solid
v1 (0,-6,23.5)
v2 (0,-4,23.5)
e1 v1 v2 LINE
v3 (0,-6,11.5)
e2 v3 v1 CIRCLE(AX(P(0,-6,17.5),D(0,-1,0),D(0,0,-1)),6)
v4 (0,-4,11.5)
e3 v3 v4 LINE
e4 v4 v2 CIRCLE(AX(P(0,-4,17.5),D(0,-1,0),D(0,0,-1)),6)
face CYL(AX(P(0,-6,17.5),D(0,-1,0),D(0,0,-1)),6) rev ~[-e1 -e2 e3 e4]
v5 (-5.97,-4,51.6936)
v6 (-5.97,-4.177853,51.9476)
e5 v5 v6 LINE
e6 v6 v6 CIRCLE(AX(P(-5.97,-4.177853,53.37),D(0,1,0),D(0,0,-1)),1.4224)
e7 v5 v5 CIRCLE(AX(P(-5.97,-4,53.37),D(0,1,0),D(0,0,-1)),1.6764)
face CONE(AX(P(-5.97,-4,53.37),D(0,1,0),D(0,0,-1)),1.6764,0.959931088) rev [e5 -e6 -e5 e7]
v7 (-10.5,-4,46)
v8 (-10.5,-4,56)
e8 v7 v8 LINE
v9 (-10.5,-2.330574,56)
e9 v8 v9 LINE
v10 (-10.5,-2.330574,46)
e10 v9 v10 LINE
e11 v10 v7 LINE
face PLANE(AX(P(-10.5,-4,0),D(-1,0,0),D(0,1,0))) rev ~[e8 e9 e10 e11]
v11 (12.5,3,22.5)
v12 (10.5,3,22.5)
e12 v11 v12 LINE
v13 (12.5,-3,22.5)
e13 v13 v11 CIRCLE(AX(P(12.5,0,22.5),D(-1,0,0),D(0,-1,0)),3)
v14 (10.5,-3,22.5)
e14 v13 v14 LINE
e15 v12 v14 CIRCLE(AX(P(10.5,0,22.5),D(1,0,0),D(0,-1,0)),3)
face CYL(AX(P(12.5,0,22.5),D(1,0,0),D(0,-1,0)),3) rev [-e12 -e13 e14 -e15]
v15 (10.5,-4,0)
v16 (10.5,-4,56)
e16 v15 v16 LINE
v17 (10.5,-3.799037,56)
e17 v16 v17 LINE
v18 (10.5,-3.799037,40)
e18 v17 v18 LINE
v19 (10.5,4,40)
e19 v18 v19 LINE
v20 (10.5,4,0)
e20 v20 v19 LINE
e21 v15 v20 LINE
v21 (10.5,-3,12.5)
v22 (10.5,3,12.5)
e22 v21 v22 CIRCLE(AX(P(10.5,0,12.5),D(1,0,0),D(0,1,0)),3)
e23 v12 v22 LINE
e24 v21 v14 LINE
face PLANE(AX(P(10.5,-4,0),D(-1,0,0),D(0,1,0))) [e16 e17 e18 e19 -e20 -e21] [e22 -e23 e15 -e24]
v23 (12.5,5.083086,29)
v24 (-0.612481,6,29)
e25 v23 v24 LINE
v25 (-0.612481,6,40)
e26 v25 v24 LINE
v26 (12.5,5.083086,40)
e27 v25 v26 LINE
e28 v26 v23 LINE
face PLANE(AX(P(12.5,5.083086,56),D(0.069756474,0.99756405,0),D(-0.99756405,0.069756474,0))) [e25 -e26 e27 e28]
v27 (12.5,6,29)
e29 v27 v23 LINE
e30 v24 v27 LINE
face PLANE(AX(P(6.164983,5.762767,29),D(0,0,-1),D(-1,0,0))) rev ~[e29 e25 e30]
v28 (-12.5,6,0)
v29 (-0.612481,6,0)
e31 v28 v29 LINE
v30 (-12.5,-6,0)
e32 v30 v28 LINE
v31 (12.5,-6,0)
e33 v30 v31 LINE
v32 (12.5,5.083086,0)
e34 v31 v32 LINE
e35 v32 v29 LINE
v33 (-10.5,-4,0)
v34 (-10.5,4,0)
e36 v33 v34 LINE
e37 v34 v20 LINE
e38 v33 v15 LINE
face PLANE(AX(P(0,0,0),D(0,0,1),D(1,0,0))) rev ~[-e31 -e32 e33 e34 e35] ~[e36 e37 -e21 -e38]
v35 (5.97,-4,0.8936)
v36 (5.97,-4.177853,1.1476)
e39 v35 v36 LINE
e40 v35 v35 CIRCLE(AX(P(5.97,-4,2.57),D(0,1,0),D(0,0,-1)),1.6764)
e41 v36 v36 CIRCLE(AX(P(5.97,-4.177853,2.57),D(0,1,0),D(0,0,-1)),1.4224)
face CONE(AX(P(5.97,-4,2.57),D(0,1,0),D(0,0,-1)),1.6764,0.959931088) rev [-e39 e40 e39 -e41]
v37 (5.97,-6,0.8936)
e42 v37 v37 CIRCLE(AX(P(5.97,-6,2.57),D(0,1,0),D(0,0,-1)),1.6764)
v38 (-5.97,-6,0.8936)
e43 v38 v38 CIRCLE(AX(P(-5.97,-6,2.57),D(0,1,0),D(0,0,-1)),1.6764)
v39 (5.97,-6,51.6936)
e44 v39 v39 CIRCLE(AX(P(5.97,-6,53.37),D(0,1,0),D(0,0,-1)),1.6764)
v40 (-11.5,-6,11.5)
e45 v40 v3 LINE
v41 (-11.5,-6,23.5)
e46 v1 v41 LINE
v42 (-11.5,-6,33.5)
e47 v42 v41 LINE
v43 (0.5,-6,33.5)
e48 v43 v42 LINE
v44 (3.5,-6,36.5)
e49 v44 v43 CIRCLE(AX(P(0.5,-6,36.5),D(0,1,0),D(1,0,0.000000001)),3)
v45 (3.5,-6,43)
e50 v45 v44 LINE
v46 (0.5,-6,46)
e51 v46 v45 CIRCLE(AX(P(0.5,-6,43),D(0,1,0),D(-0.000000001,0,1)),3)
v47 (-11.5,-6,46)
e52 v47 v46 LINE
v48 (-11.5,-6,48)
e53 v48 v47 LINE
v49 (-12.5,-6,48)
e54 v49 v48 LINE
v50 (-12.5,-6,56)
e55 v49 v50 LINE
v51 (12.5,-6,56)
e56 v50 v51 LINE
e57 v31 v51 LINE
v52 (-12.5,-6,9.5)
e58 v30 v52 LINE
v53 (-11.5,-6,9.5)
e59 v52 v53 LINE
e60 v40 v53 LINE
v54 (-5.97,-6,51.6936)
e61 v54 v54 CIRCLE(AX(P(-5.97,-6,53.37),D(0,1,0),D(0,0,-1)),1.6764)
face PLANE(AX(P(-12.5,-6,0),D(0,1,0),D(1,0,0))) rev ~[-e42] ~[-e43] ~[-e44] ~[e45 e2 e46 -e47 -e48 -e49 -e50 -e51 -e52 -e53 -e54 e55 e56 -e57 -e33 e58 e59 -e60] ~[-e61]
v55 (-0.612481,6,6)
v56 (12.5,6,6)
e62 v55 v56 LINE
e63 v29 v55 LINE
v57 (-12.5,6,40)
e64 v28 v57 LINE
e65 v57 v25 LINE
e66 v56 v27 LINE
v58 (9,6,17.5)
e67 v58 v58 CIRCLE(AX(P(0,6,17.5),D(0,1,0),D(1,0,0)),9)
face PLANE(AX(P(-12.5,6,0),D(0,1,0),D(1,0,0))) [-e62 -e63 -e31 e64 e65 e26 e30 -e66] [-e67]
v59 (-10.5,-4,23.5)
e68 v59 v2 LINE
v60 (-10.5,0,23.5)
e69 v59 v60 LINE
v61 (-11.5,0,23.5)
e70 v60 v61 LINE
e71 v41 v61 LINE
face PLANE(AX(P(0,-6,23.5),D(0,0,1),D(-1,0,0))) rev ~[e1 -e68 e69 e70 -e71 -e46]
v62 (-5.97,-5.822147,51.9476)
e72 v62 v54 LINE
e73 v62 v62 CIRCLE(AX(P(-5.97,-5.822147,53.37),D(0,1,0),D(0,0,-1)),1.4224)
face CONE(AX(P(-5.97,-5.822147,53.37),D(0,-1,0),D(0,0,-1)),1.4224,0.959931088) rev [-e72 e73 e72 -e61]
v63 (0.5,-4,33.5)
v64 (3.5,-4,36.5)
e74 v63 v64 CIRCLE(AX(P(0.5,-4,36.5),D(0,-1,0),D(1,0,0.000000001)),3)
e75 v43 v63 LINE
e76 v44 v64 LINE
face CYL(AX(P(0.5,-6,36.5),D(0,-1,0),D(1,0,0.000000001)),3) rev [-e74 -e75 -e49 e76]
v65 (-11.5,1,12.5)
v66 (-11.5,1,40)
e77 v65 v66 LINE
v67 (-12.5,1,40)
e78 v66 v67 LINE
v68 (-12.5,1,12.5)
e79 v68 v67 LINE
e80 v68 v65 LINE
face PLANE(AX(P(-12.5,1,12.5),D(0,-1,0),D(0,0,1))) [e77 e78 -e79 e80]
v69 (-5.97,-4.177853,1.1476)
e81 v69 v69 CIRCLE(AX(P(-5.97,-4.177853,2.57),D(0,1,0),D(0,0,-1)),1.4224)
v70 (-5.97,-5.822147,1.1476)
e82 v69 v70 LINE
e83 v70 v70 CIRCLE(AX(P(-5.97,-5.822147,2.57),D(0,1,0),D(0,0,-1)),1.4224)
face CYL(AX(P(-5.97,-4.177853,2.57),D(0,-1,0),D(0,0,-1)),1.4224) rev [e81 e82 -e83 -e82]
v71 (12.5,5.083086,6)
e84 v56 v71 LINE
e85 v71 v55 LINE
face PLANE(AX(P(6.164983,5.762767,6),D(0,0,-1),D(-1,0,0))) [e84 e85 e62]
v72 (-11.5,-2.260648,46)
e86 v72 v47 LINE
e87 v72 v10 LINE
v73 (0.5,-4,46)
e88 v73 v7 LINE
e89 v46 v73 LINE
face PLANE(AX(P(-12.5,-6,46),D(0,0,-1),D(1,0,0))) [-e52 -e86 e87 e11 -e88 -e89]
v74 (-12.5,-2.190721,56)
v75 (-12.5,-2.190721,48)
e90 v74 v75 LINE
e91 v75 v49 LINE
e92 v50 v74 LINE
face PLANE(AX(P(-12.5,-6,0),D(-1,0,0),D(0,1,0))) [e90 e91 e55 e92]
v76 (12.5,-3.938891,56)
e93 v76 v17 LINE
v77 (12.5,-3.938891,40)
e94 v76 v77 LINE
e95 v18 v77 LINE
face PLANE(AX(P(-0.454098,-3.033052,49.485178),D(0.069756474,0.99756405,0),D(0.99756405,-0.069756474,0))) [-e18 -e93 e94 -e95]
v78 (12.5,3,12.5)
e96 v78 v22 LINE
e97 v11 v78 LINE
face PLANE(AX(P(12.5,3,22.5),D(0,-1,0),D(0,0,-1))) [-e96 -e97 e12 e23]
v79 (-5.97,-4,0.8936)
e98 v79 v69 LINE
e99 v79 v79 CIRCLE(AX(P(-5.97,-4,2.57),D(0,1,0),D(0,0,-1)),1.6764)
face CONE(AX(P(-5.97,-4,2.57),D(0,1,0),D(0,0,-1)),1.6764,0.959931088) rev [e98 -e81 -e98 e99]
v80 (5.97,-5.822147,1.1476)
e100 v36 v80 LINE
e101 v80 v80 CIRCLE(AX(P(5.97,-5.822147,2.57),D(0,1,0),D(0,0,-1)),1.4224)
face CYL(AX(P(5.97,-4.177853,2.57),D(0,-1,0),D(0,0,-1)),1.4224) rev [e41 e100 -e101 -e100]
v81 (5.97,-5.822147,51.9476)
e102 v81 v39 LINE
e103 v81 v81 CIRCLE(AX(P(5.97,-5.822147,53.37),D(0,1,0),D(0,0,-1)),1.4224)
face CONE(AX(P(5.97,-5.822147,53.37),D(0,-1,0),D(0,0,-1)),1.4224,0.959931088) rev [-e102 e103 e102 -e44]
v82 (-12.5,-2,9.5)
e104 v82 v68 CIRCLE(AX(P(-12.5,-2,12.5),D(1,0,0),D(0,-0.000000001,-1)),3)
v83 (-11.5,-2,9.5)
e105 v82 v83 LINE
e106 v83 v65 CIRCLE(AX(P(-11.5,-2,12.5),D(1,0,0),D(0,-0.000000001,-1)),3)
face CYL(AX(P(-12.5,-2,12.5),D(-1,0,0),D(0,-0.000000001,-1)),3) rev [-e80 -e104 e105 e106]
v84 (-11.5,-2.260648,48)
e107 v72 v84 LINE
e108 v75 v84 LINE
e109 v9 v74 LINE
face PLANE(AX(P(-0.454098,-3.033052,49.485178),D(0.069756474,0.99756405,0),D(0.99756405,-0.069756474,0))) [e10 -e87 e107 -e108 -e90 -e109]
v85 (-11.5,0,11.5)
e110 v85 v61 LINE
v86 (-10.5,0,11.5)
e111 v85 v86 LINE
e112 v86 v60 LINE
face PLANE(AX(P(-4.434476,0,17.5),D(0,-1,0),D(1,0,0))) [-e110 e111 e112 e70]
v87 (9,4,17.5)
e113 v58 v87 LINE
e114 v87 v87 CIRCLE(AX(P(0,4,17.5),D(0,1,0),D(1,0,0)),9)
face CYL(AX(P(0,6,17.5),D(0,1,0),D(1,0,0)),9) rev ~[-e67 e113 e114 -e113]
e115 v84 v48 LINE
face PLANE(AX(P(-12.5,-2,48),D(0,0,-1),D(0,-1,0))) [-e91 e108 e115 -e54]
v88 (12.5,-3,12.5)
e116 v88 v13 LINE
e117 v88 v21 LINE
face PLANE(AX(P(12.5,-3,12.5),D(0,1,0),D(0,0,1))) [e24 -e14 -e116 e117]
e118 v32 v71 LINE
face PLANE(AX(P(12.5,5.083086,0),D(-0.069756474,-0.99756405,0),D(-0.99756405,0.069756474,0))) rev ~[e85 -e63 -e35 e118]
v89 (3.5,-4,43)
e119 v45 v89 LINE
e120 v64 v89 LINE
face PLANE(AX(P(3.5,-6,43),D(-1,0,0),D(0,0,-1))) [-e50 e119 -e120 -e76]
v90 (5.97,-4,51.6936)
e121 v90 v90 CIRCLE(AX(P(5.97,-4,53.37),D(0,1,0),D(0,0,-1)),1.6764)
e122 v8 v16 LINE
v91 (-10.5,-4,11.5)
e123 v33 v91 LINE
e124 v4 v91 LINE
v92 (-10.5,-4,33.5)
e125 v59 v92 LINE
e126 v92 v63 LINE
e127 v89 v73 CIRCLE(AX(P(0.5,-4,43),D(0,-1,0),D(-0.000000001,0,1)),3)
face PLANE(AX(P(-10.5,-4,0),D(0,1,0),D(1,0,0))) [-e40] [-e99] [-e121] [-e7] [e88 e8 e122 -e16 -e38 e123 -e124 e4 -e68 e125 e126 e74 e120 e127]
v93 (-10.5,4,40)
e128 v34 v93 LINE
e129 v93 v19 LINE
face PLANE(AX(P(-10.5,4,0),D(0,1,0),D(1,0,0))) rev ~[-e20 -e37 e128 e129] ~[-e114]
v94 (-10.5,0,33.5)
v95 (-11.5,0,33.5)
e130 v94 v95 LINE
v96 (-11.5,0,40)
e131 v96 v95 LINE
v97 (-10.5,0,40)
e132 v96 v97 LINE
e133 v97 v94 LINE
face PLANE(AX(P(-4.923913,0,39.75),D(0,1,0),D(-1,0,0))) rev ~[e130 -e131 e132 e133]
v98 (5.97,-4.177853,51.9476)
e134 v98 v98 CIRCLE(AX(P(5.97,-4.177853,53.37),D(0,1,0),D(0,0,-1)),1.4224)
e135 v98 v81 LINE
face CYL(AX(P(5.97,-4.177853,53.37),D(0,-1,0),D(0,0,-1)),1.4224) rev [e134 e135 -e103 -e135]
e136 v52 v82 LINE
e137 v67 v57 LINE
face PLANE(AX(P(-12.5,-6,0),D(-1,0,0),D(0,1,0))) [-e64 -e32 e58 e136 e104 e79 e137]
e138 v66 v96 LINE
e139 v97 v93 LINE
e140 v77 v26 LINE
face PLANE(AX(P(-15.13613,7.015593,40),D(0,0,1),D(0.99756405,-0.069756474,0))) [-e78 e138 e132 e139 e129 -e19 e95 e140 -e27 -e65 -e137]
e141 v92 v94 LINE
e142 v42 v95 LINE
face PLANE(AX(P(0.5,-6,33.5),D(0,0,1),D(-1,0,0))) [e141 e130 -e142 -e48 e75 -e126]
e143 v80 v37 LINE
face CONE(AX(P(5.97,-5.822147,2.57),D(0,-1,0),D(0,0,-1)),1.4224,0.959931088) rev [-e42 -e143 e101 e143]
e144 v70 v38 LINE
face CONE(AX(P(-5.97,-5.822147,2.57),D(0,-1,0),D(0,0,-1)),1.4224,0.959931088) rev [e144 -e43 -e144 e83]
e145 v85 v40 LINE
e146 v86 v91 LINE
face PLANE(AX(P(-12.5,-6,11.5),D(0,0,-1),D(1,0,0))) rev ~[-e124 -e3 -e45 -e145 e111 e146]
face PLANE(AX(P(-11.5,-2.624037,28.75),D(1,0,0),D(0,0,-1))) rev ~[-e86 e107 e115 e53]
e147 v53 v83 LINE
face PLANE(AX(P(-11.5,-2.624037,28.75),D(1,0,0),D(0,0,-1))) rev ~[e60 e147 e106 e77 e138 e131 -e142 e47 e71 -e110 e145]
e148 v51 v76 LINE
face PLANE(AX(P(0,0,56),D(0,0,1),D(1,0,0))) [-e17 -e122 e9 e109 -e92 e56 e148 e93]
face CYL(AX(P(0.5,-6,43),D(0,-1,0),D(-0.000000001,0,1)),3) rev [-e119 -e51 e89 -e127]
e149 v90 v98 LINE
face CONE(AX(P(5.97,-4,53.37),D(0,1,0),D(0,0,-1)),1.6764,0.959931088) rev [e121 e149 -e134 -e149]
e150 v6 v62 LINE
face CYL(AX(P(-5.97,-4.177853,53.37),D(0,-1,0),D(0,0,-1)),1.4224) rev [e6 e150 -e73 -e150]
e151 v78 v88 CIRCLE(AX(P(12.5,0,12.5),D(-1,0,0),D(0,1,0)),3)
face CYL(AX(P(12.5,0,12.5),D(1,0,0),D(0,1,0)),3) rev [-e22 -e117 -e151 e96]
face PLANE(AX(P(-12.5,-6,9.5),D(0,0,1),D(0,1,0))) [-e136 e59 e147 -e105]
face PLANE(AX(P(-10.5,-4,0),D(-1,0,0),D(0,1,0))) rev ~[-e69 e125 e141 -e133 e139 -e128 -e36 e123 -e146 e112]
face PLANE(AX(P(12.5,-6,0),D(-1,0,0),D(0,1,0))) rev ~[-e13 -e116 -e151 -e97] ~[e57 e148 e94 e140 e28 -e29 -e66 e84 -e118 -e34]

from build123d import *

# Parameters (mm, degrees)
SKETCH_1_W                   = 25
SKETCH_1_H                   = 12
SKETCH_1_W_2                 = 21
SKETCH_1_H_2                 = 8
EXTRUDE_1_DEPTH              = 56
CUT_EXTRUDE_1_REACH          = 14
SKETCH_2_R                   = 9
HOLE_WIZARD_4_401_AT_2_COUNT = 2
HOLE_WIZARD_4_401_AT_2_PITCH = 50.8
HOLE_WIZARD_4_401_AT_3_COUNT = 2
HOLE_WIZARD_4_401_AT_3_PITCH = 52.184323316
HOLE_WIZARD_4_401_AT_4_COUNT = 2
HOLE_WIZARD_4_401_AT_4_PITCH = 11.94
CUT_EXTRUDE_2_DEPTH          = 6
CUT_EXTRUDE_4_DEPTH          = 1
CUT_EXTRUDE_8_REACH          = 27
CUT_EXTRUDE_9_DEPTH          = 6
CUT_EXTRUDE_START            = -56
CUT_EXTRUDE_10_DEPTH         = 27
SKETCH_15_W                  = 30.69445118
SKETCH_15_H                  = 18.97035636
CUT_EXTRUDE_11_DEPTH         = 9


with BuildPart() as part:
    # Sketch 1 → Extrude 1 (new body)
    with BuildSketch(Plane.XY):
        Rectangle(SKETCH_1_W, SKETCH_1_H)
        Rectangle(SKETCH_1_W_2, SKETCH_1_H_2, mode=Mode.SUBTRACT)
    extrude(amount=EXTRUDE_1_DEPTH)

    # Sketch 2 → Cut-Extrude 1 (cut, up to next)
    with BuildSketch(Plane(origin=(0, 6, 0), x_dir=(1, 0, 0), z_dir=(0, 1, 0)), mode=Mode.PRIVATE) as cut_extrude_1_sk1:
        with Locations((0, -17.5)):
            Circle(SKETCH_2_R)
    cut_extrude_1_tool1 = extrude(cut_extrude_1_sk1.sketch, amount=-CUT_EXTRUDE_1_REACH, mode=Mode.PRIVATE) & part.part
    add(cut_extrude_1_tool1.solids().sort_by_distance((0, 6, 17.5))[0], mode=Mode.SUBTRACT)

    # Sketch 3 → Hole Wizard 4-401 (revolve, cut)
    with BuildSketch(Plane(origin=(5.97, -6, 53.37), x_dir=(0, 0, -1), z_dir=(1, 0, 0))):
        Polygon((0, 0), (0, 2), (1.6764, 2), (1.4224, 1.822147285), (1.4224, 0.177852715), (1.6764, 0), align=None)
    hole_wizard_4_401 = revolve(axis=Axis((5.97, -12.35, 53.37), (0, 1, 0)), mode=Mode.SUBTRACT)

    # Hole Wizard 4-401 at 2: Hole Wizard 4-401 ×2
    with Locations(*[(0, 0, -i * HOLE_WIZARD_4_401_AT_2_PITCH) for i in range(1, HOLE_WIZARD_4_401_AT_2_COUNT)]):
        add(hole_wizard_4_401, mode=Mode.SUBTRACT)

    # Hole Wizard 4-401 at 3: Hole Wizard 4-401 ×2
    with Locations(*[Vector(-0.228804347, 0, -0.973472429) * (i * HOLE_WIZARD_4_401_AT_3_PITCH) for i in range(1, HOLE_WIZARD_4_401_AT_3_COUNT)]):
        add(hole_wizard_4_401, mode=Mode.SUBTRACT)

    # Hole Wizard 4-401 at 4: Hole Wizard 4-401 ×2
    with Locations(*[(-i * HOLE_WIZARD_4_401_AT_4_PITCH, 0, 0) for i in range(1, HOLE_WIZARD_4_401_AT_4_COUNT)]):
        add(hole_wizard_4_401, mode=Mode.SUBTRACT)

    # Sketch 5 → Cut-Extrude 2 (cut)
    with BuildSketch(Plane.XZ.offset(6)):
        with BuildLine():
            Line((-12.5, 11.5), (0, 11.5))
            ThreePointArc((0, 11.5), (6, 17.5), (0, 23.5))
            Line((0, 23.5), (-12.5, 23.5))
            Line((-12.5, 23.5), (-12.5, 11.5))
        make_face()
        with BuildLine():
            Line((-12.5, 46), (0.5, 46))
            ThreePointArc((0.5, 46), (2.621320344, 45.121320344), (3.5, 43))
            Line((3.5, 43), (3.5, 36.5))
            ThreePointArc((3.5, 36.5), (2.621320344, 34.378679656), (0.5, 33.5))
            Line((0.5, 33.5), (-12.5, 33.5))
            Line((-12.5, 33.5), (-12.5, 46))
        make_face()
    extrude(amount=-CUT_EXTRUDE_2_DEPTH, mode=Mode.SUBTRACT)

    # Sketch 8 → Cut-Extrude 4 (cut)
    with BuildSketch(Plane.ZY.offset(12.5)):
        with BuildLine():
            Line((9.5, -6), (9.5, -2))
            ThreePointArc((9.5, -2), (10.378679656, 0.121320344), (12.5, 1))
            Line((12.5, 1), (45, 1))
            ThreePointArc((45, 1), (47.121320344, 0.121320344), (48, -2))
            Line((48, -2), (48, -6))
            Line((48, -6), (9.5, -6))
        make_face()
    extrude(amount=-CUT_EXTRUDE_4_DEPTH, mode=Mode.SUBTRACT)

    # Sketch 13 → Cut-Extrude 8 (cut, up to next)
    with BuildSketch(Plane(origin=(12.5, 0, 0), x_dir=(0, 0, -1), z_dir=(1, 0, 0)), mode=Mode.PRIVATE) as cut_extrude_8_sk1:
        with BuildLine():
            Line((-22.5, 3), (-12.5, 3))
            ThreePointArc((-12.5, 3), (-9.5, 0), (-12.5, -3))
            Line((-12.5, -3), (-22.5, -3))
            ThreePointArc((-22.5, -3), (-25.5, 0), (-22.5, 3))
        make_face()
    cut_extrude_8_tool1 = extrude(cut_extrude_8_sk1.sketch, amount=-CUT_EXTRUDE_8_REACH, mode=Mode.PRIVATE) & part.part
    add(cut_extrude_8_tool1.solids().sort_by_distance((12.5, 0, 17.5))[0], mode=Mode.SUBTRACT)

    # Sketch 14 → Cut-Extrude 9 (cut)
    with BuildSketch(Plane(origin=(0, 0, 0), x_dir=(-1, 0, 0), z_dir=(0, 0, -1))):
        Polygon((-12.5, 6), (-12.5, 5.083085997), (0.612481145, 6), align=None)
    extrude(amount=-CUT_EXTRUDE_9_DEPTH, mode=Mode.SUBTRACT)

    # Sketch 14_3 → Cut-Extrude 10 (cut)
    with BuildSketch(Plane(origin=(0, 0, 0), x_dir=(-1, 0, 0), z_dir=(0, 0, -1)).offset(CUT_EXTRUDE_START)):
        Polygon((-12.5, 6), (-12.5, 5.083085997), (0.612481145, 6), align=None)
    extrude(amount=CUT_EXTRUDE_10_DEPTH, mode=Mode.SUBTRACT)

    # Sketch 15 → Cut-Extrude 11 (cut)
    with BuildSketch(Plane(origin=(0.414538991, 5.928183756, 0), x_dir=(0.99756405, -0.069756474, 0), z_dir=(0.069756474, 0.99756405, 0))):
        with Locations((-0.241417032, -49.48517818)):
            Rectangle(SKETCH_15_W, SKETCH_15_H)
    extrude(amount=-CUT_EXTRUDE_11_DEPTH, mode=Mode.SUBTRACT)


solid = part.part
